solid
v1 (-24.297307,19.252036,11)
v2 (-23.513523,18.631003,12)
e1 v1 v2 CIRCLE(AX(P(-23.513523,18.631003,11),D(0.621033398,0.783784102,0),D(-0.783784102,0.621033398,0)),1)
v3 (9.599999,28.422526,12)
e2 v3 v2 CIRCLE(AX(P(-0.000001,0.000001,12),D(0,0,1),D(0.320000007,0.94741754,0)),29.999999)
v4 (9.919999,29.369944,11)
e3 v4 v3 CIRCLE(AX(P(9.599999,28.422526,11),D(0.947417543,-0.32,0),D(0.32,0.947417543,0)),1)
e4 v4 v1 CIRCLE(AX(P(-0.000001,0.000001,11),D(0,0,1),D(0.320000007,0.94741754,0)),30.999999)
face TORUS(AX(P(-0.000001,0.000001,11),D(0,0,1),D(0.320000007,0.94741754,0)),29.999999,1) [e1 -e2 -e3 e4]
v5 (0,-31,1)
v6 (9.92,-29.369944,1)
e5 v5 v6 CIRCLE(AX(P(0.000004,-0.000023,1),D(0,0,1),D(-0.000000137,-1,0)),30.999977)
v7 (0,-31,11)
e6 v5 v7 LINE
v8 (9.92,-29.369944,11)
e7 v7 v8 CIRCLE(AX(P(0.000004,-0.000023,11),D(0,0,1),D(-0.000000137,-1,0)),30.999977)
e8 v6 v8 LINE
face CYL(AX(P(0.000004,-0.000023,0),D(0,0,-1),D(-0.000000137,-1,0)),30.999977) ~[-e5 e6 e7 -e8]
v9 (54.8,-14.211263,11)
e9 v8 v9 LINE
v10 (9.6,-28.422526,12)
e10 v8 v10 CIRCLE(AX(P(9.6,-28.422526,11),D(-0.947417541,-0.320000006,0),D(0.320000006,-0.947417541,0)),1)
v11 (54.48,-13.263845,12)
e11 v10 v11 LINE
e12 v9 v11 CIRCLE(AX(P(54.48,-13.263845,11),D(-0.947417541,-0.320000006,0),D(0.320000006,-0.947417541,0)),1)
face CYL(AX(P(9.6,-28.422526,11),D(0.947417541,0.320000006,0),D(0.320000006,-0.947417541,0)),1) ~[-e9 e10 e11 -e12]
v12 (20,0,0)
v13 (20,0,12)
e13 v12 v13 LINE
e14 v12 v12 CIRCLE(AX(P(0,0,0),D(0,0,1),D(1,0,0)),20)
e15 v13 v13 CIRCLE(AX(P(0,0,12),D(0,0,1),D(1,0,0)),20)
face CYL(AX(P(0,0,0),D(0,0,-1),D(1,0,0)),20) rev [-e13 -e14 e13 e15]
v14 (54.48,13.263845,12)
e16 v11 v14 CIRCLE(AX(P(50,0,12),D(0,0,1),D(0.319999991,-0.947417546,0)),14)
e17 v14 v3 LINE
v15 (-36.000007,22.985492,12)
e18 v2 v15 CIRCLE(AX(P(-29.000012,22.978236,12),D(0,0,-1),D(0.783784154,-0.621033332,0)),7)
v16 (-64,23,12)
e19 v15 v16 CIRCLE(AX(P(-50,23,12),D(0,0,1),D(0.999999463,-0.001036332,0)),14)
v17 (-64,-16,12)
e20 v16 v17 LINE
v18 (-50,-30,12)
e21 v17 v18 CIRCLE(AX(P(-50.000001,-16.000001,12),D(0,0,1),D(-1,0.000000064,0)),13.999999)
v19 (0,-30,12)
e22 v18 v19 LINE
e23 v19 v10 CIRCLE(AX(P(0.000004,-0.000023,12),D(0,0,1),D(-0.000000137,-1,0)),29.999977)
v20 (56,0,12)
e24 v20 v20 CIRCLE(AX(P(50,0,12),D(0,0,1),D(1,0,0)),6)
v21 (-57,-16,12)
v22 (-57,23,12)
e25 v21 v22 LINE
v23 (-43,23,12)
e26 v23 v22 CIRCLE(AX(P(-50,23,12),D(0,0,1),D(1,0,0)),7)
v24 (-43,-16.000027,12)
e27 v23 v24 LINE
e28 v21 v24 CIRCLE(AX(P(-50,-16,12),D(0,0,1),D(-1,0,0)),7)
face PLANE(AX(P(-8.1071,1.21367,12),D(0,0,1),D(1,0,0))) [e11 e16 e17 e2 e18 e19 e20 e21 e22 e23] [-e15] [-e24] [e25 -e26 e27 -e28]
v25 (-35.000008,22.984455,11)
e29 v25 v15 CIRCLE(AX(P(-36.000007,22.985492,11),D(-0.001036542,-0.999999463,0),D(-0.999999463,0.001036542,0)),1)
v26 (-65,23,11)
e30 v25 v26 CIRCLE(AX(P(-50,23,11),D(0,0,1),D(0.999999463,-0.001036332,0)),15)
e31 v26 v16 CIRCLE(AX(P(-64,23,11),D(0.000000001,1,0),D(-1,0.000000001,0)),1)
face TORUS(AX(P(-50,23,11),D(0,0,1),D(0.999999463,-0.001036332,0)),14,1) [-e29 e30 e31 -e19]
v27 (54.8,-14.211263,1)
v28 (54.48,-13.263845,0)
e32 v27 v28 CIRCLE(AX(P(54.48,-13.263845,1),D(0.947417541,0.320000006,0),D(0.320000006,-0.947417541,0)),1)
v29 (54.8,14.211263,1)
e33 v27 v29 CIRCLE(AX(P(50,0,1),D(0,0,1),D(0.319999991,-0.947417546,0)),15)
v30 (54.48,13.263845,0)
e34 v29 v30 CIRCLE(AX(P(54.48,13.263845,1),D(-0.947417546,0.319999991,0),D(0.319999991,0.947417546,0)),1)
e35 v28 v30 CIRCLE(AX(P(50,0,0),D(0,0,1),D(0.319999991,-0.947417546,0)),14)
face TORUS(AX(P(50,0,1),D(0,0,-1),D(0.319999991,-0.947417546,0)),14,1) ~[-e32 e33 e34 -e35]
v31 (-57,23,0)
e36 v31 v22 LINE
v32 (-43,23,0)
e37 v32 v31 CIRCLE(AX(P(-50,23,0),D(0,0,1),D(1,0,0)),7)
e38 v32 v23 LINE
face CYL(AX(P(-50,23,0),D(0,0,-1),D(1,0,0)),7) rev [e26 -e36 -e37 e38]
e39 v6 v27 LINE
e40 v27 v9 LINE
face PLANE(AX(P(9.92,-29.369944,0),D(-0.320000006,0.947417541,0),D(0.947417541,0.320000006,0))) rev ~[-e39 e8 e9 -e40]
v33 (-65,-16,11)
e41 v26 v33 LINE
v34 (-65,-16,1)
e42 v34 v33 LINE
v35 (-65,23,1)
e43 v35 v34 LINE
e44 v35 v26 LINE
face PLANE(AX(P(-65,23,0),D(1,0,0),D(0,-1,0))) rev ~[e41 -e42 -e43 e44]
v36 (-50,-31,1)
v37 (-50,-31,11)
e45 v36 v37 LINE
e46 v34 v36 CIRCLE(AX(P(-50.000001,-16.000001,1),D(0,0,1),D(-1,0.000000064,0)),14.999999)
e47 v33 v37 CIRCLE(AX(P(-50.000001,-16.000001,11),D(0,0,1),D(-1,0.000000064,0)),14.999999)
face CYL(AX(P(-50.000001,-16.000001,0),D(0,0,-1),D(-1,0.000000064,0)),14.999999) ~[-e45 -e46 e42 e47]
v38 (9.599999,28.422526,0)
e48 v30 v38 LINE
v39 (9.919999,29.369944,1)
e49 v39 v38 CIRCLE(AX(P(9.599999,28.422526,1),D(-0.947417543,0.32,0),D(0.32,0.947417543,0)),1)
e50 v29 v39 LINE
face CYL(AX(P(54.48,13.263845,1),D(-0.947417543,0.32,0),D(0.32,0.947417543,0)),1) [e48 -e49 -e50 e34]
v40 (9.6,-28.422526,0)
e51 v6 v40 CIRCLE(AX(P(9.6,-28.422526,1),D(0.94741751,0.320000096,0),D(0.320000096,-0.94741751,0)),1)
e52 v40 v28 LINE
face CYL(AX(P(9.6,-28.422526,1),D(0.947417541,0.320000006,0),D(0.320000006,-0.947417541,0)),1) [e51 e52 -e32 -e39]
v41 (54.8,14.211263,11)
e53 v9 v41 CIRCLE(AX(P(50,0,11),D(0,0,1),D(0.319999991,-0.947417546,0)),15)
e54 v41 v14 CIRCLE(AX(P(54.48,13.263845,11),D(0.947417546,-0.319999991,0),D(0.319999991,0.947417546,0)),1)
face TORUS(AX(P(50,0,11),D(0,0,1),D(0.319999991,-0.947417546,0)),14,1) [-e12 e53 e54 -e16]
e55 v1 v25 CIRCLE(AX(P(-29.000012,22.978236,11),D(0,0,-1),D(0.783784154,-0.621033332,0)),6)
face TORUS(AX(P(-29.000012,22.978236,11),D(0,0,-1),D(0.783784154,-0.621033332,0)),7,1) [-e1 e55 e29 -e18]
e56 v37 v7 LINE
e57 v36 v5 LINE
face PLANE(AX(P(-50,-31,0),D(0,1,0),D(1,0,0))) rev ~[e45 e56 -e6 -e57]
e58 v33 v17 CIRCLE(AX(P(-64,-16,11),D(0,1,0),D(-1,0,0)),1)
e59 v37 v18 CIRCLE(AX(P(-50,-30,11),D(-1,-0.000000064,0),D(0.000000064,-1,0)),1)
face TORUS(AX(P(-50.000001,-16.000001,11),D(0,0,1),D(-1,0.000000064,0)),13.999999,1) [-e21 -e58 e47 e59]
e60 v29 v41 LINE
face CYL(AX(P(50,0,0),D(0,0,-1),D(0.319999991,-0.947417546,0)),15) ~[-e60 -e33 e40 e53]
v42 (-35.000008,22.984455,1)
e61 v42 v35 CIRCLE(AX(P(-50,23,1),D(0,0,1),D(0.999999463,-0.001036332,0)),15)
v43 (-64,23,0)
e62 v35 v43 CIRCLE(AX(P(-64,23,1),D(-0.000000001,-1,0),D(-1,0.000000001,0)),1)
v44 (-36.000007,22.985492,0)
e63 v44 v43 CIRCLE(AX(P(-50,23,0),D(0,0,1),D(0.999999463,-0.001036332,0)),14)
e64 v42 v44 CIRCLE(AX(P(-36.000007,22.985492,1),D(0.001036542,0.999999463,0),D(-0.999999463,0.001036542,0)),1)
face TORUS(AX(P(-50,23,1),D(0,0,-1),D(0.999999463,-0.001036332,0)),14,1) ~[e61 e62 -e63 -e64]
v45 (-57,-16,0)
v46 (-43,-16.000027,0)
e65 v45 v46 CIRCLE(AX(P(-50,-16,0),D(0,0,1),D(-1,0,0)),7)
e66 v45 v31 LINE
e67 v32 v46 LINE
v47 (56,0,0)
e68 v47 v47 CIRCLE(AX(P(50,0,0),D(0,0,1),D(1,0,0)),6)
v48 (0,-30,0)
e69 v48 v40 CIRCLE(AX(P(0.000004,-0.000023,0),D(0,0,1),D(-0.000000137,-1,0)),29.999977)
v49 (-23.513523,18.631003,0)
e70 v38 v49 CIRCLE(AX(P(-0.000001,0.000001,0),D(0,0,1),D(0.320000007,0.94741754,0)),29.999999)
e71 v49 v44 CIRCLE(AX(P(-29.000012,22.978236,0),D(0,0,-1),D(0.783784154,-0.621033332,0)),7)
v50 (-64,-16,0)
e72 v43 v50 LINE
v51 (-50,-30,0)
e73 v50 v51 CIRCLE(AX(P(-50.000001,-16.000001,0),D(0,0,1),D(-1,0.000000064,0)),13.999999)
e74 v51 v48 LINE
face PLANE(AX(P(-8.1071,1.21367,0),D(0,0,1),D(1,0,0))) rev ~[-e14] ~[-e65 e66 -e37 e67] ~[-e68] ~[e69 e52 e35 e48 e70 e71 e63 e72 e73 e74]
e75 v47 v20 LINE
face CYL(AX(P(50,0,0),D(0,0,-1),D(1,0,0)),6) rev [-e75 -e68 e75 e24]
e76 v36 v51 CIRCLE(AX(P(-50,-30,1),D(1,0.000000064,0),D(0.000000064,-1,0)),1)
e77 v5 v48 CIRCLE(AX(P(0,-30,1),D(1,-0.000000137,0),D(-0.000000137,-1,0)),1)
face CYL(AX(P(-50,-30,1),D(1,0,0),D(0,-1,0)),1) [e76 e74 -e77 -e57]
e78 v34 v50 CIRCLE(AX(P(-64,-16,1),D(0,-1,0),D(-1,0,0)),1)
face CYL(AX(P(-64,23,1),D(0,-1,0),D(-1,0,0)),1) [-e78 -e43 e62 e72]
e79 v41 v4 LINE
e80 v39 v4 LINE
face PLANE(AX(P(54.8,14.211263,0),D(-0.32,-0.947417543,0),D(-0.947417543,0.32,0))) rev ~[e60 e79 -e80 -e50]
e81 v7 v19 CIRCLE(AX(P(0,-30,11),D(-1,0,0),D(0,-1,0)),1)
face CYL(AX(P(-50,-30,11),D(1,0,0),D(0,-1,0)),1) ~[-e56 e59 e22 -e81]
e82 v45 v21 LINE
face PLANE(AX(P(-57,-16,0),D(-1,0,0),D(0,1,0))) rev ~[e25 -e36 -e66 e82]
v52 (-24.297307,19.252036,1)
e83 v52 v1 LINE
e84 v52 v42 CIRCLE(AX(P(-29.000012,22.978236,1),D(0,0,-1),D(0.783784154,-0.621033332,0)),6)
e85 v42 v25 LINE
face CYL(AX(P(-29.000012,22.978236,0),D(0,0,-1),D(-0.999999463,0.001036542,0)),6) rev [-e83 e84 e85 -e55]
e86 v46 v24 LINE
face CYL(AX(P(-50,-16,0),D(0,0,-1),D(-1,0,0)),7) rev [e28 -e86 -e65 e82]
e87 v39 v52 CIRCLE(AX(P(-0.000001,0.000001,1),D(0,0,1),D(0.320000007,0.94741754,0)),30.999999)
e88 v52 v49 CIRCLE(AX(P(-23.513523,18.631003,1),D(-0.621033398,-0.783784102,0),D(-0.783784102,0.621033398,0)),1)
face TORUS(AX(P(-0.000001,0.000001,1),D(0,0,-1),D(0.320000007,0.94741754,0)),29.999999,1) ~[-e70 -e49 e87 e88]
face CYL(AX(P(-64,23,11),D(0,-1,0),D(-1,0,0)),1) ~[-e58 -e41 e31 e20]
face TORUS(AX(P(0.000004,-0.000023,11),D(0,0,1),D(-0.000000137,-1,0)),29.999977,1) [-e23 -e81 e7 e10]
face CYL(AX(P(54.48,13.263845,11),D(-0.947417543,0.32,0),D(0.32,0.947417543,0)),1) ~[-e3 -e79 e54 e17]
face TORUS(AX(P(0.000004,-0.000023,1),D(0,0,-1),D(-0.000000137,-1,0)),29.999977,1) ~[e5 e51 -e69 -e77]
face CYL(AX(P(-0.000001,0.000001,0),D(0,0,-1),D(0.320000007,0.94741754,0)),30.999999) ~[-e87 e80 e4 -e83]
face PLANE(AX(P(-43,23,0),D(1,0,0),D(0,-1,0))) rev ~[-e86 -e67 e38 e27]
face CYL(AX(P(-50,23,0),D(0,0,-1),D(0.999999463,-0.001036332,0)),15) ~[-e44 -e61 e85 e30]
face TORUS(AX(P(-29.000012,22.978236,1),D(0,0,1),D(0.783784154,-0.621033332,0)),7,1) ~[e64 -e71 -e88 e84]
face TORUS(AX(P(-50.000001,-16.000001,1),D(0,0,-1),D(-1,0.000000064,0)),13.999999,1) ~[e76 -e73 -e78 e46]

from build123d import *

# Parameters (mm, degrees)
SKETCH_R    = 20
SKETCH_R_2  = 6
PAD_DEPTH   = 12
FILLET_R    = 1
FILLET001_R = 1


with BuildPart() as part:
    # Sketch → Pad (new body)
    with BuildSketch(Plane.XY):
        with BuildLine():
            ThreePointArc((0, -31), (5.026517, -30.589772), (9.92, -29.369944))
            Line((9.92, -29.369944), (54.8, -14.211263))
            ThreePointArc((54.8, -14.211263), (65, 0), (54.8, 14.211263))
            Line((54.8, 14.211263), (9.919999, 29.369944))
            ThreePointArc((9.919999, 29.369944), (-8.790322, 29.727601), (-24.297307, 19.252036))
            ThreePointArc((-35.000008, 22.984455), (-30.975734, 17.312857), (-24.297307, 19.252036))
            ThreePointArc((-35.000008, 22.984455), (-49.992227, 37.999998), (-65, 23))
            Line((-65, 23), (-65, -16))
            ThreePointArc((-65, -16), (-60.606602, -26.606602), (-50, -31))
            Line((-50, -31), (0, -31))
        make_face()
        Circle(SKETCH_R, mode=Mode.SUBTRACT)
        with Locations((50, 0)):
            Circle(SKETCH_R_2, mode=Mode.SUBTRACT)
        with BuildLine():
            ThreePointArc((-57, -16), (-50.000013, -23), (-43, -16.000027))
            Line((-43, 23), (-43, -16.000027))
            ThreePointArc((-43, 23), (-50, 30), (-57, 23))
            Line((-57, -16), (-57, 23))
        make_face(mode=Mode.SUBTRACT)
    extrude(amount=PAD_DEPTH)

    # Fillet
    fillet_edges = [part.edges().sort_by_distance(p)[0] for p in [
        (32.36, -21.790603, 12),
        (5.026517, -30.589772, 12),
        (-25, -31, 12),
        (-60.606602, -26.606602, 12),
        (-65, 3.5, 12),
        (-49.992227, 37.999998, 12),
        (-30.975734, 17.312857, 12),
        (-8.790322, 29.727601, 12),
        (32.36, 21.790604, 12),
        (65, 0, 12),
    ]]
    fillet(fillet_edges, radius=FILLET_R)

    # Fillet001
    fillet001_edges = [part.edges().sort_by_distance(p)[0] for p in [
        (5.026517, -30.589772, 0),
        (-25, -31, 0),
        (-60.606602, -26.606602, 0),
        (-65, 3.5, 0),
        (-49.992227, 37.999998, 0),
        (-30.975734, 17.312857, 0),
        (-8.790322, 29.727601, 0),
        (32.36, 21.790604, 0),
        (65, 0, 0),
        (32.36, -21.790603, 0),
    ]]
    fillet(fillet001_edges, radius=FILLET001_R)


solid = part.part
